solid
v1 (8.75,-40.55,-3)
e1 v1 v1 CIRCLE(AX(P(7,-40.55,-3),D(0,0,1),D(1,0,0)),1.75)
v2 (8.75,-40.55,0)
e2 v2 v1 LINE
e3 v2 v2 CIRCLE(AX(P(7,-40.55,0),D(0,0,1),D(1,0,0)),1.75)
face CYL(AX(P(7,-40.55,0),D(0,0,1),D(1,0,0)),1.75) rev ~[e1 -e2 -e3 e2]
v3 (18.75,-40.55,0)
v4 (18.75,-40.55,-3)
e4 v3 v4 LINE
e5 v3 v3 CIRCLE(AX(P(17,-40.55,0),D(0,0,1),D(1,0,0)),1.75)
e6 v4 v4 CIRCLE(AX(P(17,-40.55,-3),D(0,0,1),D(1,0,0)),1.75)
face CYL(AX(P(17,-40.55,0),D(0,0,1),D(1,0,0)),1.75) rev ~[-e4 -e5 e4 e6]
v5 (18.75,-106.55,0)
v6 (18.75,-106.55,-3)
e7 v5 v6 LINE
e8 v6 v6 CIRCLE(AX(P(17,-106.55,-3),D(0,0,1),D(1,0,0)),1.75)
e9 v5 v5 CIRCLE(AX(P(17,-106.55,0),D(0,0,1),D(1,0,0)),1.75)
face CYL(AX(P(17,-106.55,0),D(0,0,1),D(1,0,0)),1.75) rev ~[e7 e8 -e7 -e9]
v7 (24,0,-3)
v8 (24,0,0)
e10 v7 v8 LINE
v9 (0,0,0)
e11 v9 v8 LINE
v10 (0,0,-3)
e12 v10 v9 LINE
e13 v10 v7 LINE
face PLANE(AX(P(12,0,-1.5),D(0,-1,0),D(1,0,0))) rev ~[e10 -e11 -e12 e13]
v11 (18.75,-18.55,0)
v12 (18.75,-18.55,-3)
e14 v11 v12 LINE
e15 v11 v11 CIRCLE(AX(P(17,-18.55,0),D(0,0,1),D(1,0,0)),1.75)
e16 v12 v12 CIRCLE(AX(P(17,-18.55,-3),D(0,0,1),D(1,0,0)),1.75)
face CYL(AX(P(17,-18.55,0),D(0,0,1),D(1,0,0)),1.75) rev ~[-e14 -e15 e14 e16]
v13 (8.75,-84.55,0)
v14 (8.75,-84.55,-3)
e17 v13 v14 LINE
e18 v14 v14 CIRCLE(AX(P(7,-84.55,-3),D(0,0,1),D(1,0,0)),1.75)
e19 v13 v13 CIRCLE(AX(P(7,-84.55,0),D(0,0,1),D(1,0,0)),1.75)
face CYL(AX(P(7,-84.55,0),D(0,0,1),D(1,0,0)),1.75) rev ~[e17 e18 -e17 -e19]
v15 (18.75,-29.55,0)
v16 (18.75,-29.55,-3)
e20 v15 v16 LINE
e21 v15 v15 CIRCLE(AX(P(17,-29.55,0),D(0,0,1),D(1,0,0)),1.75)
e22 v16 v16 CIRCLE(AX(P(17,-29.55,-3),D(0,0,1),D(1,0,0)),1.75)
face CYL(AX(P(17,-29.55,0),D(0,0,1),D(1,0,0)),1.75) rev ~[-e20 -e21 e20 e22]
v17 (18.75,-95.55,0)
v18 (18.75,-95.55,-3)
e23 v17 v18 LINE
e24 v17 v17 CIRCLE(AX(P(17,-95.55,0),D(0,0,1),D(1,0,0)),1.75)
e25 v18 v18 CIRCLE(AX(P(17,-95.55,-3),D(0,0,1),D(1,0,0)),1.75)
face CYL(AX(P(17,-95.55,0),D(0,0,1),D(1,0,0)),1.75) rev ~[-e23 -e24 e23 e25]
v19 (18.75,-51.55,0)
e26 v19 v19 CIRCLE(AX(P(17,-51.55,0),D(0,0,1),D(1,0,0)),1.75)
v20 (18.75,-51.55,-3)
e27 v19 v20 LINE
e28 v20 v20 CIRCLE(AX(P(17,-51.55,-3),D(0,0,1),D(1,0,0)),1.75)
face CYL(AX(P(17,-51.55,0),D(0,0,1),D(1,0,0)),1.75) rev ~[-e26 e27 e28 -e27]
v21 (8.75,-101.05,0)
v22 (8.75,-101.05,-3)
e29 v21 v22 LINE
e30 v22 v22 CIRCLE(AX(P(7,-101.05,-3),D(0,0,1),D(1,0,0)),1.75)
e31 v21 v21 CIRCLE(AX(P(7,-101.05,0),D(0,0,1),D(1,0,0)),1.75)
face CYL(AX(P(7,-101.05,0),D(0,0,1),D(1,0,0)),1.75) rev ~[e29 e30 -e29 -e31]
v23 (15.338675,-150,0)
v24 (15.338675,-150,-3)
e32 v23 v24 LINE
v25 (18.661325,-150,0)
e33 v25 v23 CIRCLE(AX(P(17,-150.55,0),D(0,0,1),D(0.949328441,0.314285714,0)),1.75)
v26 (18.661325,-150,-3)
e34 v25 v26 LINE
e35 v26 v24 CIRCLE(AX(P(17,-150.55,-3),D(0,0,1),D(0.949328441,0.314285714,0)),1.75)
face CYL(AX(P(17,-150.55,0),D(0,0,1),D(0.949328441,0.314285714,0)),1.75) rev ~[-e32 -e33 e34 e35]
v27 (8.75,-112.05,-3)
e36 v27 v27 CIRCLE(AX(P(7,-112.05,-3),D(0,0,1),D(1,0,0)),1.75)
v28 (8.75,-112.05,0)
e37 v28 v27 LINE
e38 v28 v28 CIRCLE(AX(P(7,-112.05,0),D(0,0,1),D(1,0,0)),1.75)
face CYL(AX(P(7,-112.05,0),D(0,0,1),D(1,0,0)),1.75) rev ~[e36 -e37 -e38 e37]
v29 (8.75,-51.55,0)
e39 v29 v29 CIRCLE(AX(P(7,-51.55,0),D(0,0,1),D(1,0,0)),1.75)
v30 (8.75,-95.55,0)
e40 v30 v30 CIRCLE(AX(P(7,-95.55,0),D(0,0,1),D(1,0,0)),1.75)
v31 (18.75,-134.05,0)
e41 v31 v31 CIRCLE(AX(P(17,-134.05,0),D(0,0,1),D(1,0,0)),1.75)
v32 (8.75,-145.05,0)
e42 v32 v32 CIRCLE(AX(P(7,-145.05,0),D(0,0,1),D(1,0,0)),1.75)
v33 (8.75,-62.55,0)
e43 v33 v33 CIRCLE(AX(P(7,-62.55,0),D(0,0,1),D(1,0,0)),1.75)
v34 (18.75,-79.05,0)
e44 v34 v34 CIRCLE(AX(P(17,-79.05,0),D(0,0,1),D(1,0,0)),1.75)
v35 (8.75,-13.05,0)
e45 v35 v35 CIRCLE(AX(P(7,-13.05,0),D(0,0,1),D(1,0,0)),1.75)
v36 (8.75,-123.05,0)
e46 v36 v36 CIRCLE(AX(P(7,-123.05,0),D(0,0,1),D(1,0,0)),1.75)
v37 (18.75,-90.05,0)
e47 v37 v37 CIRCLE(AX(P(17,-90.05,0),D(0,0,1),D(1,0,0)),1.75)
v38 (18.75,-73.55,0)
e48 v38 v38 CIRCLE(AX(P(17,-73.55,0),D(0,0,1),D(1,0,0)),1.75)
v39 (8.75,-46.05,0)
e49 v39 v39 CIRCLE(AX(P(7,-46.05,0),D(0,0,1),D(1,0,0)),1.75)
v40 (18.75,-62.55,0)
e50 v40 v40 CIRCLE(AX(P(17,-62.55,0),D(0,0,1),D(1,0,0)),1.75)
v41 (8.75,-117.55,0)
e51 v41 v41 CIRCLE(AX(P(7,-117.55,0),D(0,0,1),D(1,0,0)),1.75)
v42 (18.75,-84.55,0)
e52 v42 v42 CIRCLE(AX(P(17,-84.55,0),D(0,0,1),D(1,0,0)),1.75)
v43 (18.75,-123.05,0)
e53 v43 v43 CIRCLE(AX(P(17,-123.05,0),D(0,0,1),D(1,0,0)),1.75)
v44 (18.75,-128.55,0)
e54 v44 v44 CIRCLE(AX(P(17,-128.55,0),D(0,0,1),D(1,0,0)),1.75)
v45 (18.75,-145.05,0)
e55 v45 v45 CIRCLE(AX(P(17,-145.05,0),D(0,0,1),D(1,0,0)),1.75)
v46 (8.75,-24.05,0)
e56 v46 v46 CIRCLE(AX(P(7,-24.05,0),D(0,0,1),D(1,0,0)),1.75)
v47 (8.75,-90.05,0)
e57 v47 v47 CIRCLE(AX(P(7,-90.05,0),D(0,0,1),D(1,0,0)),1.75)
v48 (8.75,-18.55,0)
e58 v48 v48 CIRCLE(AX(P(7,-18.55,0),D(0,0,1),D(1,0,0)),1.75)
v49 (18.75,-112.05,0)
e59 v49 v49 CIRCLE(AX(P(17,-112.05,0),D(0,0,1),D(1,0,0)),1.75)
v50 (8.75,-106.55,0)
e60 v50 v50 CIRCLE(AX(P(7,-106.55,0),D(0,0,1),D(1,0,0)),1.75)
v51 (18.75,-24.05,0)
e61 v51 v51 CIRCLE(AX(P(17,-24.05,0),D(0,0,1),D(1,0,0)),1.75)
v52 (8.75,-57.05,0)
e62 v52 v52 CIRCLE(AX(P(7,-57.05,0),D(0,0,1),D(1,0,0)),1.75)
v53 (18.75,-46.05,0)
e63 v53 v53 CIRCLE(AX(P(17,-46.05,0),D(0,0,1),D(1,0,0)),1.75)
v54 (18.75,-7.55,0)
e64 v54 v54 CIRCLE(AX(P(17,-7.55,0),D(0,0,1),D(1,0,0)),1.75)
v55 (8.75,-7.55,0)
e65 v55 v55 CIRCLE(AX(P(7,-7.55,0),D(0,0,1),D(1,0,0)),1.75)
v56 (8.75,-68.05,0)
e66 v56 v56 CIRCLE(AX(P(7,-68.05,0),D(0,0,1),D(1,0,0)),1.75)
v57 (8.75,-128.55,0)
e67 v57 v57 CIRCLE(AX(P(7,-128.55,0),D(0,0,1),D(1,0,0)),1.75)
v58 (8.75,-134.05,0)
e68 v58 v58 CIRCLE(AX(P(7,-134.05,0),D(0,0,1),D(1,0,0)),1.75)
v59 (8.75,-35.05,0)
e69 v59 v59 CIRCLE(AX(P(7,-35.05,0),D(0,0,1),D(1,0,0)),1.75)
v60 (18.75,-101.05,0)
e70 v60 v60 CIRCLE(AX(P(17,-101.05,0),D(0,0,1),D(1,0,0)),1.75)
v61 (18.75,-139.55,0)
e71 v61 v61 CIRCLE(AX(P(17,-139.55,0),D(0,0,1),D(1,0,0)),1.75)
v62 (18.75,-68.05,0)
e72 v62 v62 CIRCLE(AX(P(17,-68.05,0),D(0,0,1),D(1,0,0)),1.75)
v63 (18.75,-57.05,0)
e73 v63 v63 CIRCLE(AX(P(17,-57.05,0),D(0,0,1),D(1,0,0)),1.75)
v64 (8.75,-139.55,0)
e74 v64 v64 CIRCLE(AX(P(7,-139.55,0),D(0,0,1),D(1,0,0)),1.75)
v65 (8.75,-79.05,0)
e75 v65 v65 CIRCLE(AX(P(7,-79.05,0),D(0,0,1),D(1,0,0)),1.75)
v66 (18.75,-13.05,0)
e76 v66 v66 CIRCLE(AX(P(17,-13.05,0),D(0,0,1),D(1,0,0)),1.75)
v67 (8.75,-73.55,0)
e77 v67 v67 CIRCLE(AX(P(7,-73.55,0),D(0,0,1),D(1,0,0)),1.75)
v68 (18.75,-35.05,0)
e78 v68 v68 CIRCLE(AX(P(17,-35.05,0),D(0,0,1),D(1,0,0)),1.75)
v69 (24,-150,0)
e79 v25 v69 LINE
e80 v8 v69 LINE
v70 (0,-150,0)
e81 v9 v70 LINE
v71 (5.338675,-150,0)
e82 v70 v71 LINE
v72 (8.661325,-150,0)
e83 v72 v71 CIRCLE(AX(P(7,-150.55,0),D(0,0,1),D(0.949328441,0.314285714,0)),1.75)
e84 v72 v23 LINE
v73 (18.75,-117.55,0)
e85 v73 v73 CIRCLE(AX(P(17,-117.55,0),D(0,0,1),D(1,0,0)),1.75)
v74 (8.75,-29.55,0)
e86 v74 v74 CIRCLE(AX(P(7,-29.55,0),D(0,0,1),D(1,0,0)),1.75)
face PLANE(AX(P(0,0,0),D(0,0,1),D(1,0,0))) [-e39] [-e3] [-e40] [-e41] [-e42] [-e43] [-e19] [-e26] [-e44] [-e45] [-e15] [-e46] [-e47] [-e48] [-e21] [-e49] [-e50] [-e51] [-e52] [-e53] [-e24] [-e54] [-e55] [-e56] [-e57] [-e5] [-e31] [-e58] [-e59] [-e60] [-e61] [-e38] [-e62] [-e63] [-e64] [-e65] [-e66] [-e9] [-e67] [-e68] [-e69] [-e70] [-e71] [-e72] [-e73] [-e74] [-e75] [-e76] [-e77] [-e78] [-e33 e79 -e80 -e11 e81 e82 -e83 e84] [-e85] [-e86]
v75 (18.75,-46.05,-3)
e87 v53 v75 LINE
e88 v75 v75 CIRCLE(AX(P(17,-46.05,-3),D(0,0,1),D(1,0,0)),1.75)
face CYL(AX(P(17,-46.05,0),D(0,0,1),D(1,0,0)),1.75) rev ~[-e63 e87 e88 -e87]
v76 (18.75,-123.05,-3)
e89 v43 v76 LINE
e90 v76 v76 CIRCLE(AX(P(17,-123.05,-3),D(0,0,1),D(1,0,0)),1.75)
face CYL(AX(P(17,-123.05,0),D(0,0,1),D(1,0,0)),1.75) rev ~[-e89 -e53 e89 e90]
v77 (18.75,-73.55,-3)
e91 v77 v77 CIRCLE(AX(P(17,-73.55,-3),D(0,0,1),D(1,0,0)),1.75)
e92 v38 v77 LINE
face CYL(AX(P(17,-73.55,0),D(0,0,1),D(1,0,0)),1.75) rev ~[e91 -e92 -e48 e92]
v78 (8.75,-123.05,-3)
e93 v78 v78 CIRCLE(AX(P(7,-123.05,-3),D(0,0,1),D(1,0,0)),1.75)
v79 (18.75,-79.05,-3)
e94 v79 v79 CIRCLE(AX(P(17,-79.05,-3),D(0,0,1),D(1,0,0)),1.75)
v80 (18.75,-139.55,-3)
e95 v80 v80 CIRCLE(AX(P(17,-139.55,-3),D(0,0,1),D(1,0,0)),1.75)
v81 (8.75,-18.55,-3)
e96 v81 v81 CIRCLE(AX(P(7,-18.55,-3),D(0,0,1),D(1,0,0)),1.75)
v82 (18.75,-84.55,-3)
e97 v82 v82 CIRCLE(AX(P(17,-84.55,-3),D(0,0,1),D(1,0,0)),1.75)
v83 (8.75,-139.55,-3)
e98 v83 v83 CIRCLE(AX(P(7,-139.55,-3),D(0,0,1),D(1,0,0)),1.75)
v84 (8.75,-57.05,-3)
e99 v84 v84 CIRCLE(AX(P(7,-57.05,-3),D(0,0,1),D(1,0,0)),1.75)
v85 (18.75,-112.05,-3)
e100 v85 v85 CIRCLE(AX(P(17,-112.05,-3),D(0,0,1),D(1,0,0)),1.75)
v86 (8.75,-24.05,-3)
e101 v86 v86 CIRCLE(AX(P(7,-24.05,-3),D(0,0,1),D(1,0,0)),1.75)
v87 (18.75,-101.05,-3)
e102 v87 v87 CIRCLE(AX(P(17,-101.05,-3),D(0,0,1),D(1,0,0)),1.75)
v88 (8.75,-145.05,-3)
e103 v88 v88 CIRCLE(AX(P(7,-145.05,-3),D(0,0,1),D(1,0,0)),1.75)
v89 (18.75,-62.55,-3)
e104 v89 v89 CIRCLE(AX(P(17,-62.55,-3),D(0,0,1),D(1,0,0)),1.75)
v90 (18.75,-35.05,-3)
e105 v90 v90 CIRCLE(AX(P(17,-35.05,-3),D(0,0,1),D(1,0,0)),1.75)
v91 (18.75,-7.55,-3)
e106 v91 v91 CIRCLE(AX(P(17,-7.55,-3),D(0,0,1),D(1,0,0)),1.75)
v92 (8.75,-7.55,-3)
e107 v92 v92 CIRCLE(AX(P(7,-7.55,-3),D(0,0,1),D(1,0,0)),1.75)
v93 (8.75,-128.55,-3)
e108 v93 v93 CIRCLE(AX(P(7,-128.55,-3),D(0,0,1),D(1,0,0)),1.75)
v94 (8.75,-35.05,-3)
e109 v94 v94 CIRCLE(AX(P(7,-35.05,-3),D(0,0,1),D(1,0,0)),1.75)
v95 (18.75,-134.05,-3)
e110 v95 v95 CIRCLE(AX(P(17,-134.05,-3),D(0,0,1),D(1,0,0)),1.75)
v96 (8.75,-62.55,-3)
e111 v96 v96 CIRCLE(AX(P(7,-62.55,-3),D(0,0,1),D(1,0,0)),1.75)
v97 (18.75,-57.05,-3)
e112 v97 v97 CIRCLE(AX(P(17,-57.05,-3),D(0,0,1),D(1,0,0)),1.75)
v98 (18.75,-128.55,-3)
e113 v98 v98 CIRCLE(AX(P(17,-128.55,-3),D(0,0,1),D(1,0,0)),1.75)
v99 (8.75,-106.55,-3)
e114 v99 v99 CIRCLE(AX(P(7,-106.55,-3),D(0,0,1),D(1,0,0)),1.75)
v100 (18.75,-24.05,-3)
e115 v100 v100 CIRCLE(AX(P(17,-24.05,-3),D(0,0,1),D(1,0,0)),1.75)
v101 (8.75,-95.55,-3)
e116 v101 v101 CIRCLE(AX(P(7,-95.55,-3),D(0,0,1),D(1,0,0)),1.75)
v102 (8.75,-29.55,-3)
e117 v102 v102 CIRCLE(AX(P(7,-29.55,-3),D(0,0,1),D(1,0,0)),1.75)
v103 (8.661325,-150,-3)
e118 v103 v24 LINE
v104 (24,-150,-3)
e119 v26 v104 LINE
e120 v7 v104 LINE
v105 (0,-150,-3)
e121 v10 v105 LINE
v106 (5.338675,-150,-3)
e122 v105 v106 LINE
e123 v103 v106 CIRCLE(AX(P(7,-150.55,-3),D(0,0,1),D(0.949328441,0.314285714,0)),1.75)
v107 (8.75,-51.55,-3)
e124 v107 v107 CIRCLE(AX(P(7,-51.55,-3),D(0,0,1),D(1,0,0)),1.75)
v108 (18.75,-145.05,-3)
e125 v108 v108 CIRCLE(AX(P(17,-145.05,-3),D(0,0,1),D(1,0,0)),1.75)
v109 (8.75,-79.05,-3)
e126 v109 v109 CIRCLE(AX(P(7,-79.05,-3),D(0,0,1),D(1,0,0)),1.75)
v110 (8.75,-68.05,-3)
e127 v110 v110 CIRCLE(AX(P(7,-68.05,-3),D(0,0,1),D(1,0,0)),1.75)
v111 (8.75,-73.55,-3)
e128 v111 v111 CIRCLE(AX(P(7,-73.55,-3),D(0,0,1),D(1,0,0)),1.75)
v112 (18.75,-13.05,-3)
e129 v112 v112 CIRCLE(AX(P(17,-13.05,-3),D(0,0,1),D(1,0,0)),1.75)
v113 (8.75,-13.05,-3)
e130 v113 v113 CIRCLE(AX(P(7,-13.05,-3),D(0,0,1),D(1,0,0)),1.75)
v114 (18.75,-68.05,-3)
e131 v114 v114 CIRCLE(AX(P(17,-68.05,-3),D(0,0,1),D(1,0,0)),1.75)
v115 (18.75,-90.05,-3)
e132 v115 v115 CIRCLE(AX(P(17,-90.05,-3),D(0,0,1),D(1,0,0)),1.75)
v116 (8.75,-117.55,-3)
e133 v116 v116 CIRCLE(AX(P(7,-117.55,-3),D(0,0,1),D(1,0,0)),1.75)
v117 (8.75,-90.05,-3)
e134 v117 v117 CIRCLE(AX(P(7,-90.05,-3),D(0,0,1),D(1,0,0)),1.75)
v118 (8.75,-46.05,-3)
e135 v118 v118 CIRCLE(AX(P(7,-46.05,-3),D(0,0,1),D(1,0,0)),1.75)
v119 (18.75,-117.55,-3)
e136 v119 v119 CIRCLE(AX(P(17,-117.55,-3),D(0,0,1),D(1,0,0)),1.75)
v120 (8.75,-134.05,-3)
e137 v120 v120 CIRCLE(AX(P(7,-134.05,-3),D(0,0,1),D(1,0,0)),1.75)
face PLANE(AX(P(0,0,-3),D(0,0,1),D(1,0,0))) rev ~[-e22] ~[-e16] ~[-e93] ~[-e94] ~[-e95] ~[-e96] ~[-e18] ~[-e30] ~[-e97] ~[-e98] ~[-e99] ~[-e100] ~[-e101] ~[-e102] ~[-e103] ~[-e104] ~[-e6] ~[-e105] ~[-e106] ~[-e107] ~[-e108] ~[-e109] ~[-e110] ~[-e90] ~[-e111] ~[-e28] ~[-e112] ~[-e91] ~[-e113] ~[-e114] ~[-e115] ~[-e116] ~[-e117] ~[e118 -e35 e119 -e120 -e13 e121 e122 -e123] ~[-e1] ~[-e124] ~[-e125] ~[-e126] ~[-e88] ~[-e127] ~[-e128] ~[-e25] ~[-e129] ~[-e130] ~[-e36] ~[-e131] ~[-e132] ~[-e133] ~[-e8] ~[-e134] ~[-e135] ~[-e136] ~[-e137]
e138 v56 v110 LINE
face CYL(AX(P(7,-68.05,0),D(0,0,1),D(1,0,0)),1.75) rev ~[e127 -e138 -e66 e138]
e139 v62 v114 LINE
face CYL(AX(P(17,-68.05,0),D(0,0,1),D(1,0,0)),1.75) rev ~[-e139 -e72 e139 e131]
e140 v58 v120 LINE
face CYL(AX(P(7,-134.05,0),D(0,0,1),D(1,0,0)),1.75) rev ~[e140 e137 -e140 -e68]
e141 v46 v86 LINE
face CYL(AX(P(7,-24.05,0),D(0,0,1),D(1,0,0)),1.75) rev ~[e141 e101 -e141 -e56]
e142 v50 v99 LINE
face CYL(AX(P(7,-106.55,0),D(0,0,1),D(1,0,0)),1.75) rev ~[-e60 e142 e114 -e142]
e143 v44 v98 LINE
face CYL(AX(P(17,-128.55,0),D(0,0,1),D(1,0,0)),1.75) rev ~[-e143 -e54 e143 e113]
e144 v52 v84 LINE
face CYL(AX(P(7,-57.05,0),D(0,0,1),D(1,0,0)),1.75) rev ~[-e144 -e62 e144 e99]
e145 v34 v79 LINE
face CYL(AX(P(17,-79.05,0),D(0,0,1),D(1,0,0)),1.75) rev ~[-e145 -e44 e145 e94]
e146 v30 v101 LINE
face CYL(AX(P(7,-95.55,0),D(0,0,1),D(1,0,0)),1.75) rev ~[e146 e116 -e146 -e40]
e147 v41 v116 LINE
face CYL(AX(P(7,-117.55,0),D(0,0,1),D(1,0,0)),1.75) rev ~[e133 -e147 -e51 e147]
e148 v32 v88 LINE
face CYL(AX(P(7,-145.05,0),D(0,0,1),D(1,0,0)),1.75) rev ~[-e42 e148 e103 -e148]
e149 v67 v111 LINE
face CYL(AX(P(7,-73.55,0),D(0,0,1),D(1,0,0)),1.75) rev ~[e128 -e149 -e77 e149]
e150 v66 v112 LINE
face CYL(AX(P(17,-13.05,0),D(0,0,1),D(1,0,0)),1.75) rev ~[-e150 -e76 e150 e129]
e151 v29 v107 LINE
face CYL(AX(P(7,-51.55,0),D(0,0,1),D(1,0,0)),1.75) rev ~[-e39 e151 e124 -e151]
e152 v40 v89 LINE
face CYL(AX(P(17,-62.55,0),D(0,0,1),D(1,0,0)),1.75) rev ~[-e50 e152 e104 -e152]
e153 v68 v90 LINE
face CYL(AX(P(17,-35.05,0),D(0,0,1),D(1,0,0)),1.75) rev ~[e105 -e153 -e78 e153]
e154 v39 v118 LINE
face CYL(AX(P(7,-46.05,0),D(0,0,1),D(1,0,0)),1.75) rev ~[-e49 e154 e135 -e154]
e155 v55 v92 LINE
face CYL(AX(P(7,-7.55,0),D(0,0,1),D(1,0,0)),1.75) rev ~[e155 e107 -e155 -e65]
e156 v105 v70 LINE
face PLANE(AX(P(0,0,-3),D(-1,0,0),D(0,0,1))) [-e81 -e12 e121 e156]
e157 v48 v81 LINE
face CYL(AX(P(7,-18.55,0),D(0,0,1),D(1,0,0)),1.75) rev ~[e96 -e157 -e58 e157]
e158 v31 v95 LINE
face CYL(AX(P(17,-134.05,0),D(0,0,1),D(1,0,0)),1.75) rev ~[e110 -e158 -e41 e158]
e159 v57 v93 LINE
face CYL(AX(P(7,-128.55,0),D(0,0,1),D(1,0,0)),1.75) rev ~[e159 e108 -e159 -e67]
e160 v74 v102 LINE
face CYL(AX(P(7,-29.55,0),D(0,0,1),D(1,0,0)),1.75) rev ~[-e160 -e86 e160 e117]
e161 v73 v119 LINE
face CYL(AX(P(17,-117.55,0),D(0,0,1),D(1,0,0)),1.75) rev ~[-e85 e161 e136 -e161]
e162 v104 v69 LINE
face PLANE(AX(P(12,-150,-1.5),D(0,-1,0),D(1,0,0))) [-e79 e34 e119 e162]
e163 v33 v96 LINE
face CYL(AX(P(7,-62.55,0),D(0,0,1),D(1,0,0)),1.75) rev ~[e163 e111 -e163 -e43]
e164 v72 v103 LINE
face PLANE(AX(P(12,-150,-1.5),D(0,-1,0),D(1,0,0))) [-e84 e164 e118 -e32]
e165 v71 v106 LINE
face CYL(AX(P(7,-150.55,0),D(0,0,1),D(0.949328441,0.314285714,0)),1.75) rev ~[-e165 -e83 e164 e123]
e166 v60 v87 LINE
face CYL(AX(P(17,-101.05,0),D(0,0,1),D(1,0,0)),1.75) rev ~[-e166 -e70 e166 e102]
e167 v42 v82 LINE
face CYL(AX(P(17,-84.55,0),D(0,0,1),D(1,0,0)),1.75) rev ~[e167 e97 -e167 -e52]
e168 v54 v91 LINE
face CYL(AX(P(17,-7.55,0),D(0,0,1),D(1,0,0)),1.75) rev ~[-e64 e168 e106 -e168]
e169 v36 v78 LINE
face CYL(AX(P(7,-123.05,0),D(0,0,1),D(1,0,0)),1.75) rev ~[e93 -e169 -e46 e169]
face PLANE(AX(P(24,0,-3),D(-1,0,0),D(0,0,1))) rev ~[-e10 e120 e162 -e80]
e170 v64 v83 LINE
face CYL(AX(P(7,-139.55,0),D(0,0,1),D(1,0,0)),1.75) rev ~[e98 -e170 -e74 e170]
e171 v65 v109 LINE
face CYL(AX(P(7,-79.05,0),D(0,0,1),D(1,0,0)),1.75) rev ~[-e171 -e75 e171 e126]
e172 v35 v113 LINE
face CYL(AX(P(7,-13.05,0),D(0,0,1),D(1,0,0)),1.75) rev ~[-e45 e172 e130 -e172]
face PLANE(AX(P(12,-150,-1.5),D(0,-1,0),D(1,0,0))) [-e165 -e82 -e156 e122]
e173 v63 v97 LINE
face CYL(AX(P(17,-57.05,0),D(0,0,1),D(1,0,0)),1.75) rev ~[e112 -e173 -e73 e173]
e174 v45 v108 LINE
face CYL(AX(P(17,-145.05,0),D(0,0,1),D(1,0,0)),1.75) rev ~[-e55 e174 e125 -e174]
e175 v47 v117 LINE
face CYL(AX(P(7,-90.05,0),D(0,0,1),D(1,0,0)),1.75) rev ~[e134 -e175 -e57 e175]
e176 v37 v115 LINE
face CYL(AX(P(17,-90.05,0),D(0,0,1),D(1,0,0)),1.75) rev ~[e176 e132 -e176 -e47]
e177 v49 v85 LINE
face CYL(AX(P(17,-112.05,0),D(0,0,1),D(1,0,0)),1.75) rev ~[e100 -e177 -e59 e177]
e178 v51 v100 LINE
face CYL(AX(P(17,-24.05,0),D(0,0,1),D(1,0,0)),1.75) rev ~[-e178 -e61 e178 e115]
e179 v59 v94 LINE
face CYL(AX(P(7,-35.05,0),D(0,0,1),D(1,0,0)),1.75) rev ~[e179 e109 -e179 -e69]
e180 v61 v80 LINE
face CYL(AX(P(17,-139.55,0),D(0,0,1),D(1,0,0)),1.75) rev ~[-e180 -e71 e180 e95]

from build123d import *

# Parameters (mm, degrees)
F0_W     = 24
F0_H     = 3
F1_DEPTH = 150
F2_R     = 1.75
F3_DEPTH = 25


with BuildPart() as f1:
    # F0 (on Front) → F1 (new body)
    with BuildSketch(Plane.XZ):
        with Locations((12, -1.5)):
            Rectangle(F0_W, F0_H)
    extrude(amount=F1_DEPTH)

    # F2 (on face) → F3 (cut)
    with BuildSketch(Plane.XY):
        with Locations((7, -7.55)):
            Circle(F2_R)
        with Locations((17, -7.55)):
            Circle(F2_R)
        with Locations((7, -40.55)):
            Circle(F2_R)
        with Locations((7, -46.05)):
            Circle(F2_R)
        with Locations((17, -84.55)):
            Circle(F2_R)
        with Locations((17, -57.05)):
            Circle(F2_R)
        with Locations((17, -73.55)):
            Circle(F2_R)
        with Locations((17, -35.05)):
            Circle(F2_R)
        with Locations((17, -29.55)):
            Circle(F2_R)
        with Locations((17, -24.05)):
            Circle(F2_R)
        with Locations((17, -18.55)):
            Circle(F2_R)
        with Locations((17, -40.55)):
            Circle(F2_R)
        with Locations((17, -46.05)):
            Circle(F2_R)
        with Locations((17, -95.55)):
            Circle(F2_R)
        with Locations((17, -51.55)):
            Circle(F2_R)
        with Locations((17, -68.05)):
            Circle(F2_R)
        with Locations((17, -62.55)):
            Circle(F2_R)
        with Locations((17, -79.05)):
            Circle(F2_R)
        with Locations((7, -101.05)):
            Circle(F2_R)
        with Locations((7, -57.05)):
            Circle(F2_R)
        with Locations((7, -73.55)):
            Circle(F2_R)
        with Locations((7, -117.55)):
            Circle(F2_R)
        with Locations((7, -95.55)):
            Circle(F2_R)
        with Locations((7, -68.05)):
            Circle(F2_R)
        with Locations((7, -112.05)):
            Circle(F2_R)
        with Locations((7, -106.55)):
            Circle(F2_R)
        with Locations((7, -62.55)):
            Circle(F2_R)
        with Locations((7, -90.05)):
            Circle(F2_R)
        with Locations((7, -79.05)):
            Circle(F2_R)
        with Locations((7, -84.55)):
            Circle(F2_R)
        with Locations((17, -128.55)):
            Circle(F2_R)
        with Locations((17, -145.05)):
            Circle(F2_R)
        with Locations((17, -101.05)):
            Circle(F2_R)
        with Locations((17, -117.55)):
            Circle(F2_R)
        with Locations((17, -134.05)):
            Circle(F2_R)
        with Locations((17, -139.55)):
            Circle(F2_R)
        with Locations((17, -112.05)):
            Circle(F2_R)
        with Locations((17, -156.05)):
            Circle(F2_R)
        with BuildLine():
            Line((15.3386752274, -150), (18.6613247726, -150))
            ThreePointArc((18.6613247726, -150), (17, -148.8), (15.3386752274, -150))
        make_face()
        with BuildLine():
            ThreePointArc((15.3386752274, -150), (16.7214487049, -152.2776889697), (18.75, -150.55))
            ThreePointArc((18.75, -150.55), (18.7276889697, -150.2714487049), (18.6613247726, -150))
            Line((18.6613247726, -150), (15.3386752274, -150))
        make_face()
        with Locations((17, -106.55)):
            Circle(F2_R)
        with Locations((17, -123.05)):
            Circle(F2_R)
        with Locations((7, -145.05)):
            Circle(F2_R)
        with Locations((7, -139.55)):
            Circle(F2_R)
        with Locations((7, -156.05)):
            Circle(F2_R)
        with Locations((7, -134.05)):
            Circle(F2_R)
        with BuildLine():
            Line((5.3386752274, -150), (8.6613247726, -150))
            ThreePointArc((8.6613247726, -150), (7, -148.8), (5.3386752274, -150))
        make_face()
        with BuildLine():
            ThreePointArc((8.75, -150.55), (8.7276889697, -150.2714487049), (8.6613247726, -150))
            Line((8.6613247726, -150), (5.3386752274, -150))
            ThreePointArc((5.3386752274, -150), (6.7214487049, -152.2776889697), (8.75, -150.55))
        make_face()
        with Locations((7, -128.55)):
            Circle(F2_R)
        with Locations((7, -123.05)):
            Circle(F2_R)
        with Locations((17, -90.05)):
            Circle(F2_R)
        with Locations((7, -51.55)):
            Circle(F2_R)
        with Locations((17, -13.05)):
            Circle(F2_R)
        with Locations((7, -35.05)):
            Circle(F2_R)
        with Locations((7, -29.55)):
            Circle(F2_R)
        with Locations((7, -24.05)):
            Circle(F2_R)
        with Locations((7, -18.55)):
            Circle(F2_R)
        with Locations((7, -13.05)):
            Circle(F2_R)
    extrude(amount=-F3_DEPTH, mode=Mode.SUBTRACT)


solid = f1.part
